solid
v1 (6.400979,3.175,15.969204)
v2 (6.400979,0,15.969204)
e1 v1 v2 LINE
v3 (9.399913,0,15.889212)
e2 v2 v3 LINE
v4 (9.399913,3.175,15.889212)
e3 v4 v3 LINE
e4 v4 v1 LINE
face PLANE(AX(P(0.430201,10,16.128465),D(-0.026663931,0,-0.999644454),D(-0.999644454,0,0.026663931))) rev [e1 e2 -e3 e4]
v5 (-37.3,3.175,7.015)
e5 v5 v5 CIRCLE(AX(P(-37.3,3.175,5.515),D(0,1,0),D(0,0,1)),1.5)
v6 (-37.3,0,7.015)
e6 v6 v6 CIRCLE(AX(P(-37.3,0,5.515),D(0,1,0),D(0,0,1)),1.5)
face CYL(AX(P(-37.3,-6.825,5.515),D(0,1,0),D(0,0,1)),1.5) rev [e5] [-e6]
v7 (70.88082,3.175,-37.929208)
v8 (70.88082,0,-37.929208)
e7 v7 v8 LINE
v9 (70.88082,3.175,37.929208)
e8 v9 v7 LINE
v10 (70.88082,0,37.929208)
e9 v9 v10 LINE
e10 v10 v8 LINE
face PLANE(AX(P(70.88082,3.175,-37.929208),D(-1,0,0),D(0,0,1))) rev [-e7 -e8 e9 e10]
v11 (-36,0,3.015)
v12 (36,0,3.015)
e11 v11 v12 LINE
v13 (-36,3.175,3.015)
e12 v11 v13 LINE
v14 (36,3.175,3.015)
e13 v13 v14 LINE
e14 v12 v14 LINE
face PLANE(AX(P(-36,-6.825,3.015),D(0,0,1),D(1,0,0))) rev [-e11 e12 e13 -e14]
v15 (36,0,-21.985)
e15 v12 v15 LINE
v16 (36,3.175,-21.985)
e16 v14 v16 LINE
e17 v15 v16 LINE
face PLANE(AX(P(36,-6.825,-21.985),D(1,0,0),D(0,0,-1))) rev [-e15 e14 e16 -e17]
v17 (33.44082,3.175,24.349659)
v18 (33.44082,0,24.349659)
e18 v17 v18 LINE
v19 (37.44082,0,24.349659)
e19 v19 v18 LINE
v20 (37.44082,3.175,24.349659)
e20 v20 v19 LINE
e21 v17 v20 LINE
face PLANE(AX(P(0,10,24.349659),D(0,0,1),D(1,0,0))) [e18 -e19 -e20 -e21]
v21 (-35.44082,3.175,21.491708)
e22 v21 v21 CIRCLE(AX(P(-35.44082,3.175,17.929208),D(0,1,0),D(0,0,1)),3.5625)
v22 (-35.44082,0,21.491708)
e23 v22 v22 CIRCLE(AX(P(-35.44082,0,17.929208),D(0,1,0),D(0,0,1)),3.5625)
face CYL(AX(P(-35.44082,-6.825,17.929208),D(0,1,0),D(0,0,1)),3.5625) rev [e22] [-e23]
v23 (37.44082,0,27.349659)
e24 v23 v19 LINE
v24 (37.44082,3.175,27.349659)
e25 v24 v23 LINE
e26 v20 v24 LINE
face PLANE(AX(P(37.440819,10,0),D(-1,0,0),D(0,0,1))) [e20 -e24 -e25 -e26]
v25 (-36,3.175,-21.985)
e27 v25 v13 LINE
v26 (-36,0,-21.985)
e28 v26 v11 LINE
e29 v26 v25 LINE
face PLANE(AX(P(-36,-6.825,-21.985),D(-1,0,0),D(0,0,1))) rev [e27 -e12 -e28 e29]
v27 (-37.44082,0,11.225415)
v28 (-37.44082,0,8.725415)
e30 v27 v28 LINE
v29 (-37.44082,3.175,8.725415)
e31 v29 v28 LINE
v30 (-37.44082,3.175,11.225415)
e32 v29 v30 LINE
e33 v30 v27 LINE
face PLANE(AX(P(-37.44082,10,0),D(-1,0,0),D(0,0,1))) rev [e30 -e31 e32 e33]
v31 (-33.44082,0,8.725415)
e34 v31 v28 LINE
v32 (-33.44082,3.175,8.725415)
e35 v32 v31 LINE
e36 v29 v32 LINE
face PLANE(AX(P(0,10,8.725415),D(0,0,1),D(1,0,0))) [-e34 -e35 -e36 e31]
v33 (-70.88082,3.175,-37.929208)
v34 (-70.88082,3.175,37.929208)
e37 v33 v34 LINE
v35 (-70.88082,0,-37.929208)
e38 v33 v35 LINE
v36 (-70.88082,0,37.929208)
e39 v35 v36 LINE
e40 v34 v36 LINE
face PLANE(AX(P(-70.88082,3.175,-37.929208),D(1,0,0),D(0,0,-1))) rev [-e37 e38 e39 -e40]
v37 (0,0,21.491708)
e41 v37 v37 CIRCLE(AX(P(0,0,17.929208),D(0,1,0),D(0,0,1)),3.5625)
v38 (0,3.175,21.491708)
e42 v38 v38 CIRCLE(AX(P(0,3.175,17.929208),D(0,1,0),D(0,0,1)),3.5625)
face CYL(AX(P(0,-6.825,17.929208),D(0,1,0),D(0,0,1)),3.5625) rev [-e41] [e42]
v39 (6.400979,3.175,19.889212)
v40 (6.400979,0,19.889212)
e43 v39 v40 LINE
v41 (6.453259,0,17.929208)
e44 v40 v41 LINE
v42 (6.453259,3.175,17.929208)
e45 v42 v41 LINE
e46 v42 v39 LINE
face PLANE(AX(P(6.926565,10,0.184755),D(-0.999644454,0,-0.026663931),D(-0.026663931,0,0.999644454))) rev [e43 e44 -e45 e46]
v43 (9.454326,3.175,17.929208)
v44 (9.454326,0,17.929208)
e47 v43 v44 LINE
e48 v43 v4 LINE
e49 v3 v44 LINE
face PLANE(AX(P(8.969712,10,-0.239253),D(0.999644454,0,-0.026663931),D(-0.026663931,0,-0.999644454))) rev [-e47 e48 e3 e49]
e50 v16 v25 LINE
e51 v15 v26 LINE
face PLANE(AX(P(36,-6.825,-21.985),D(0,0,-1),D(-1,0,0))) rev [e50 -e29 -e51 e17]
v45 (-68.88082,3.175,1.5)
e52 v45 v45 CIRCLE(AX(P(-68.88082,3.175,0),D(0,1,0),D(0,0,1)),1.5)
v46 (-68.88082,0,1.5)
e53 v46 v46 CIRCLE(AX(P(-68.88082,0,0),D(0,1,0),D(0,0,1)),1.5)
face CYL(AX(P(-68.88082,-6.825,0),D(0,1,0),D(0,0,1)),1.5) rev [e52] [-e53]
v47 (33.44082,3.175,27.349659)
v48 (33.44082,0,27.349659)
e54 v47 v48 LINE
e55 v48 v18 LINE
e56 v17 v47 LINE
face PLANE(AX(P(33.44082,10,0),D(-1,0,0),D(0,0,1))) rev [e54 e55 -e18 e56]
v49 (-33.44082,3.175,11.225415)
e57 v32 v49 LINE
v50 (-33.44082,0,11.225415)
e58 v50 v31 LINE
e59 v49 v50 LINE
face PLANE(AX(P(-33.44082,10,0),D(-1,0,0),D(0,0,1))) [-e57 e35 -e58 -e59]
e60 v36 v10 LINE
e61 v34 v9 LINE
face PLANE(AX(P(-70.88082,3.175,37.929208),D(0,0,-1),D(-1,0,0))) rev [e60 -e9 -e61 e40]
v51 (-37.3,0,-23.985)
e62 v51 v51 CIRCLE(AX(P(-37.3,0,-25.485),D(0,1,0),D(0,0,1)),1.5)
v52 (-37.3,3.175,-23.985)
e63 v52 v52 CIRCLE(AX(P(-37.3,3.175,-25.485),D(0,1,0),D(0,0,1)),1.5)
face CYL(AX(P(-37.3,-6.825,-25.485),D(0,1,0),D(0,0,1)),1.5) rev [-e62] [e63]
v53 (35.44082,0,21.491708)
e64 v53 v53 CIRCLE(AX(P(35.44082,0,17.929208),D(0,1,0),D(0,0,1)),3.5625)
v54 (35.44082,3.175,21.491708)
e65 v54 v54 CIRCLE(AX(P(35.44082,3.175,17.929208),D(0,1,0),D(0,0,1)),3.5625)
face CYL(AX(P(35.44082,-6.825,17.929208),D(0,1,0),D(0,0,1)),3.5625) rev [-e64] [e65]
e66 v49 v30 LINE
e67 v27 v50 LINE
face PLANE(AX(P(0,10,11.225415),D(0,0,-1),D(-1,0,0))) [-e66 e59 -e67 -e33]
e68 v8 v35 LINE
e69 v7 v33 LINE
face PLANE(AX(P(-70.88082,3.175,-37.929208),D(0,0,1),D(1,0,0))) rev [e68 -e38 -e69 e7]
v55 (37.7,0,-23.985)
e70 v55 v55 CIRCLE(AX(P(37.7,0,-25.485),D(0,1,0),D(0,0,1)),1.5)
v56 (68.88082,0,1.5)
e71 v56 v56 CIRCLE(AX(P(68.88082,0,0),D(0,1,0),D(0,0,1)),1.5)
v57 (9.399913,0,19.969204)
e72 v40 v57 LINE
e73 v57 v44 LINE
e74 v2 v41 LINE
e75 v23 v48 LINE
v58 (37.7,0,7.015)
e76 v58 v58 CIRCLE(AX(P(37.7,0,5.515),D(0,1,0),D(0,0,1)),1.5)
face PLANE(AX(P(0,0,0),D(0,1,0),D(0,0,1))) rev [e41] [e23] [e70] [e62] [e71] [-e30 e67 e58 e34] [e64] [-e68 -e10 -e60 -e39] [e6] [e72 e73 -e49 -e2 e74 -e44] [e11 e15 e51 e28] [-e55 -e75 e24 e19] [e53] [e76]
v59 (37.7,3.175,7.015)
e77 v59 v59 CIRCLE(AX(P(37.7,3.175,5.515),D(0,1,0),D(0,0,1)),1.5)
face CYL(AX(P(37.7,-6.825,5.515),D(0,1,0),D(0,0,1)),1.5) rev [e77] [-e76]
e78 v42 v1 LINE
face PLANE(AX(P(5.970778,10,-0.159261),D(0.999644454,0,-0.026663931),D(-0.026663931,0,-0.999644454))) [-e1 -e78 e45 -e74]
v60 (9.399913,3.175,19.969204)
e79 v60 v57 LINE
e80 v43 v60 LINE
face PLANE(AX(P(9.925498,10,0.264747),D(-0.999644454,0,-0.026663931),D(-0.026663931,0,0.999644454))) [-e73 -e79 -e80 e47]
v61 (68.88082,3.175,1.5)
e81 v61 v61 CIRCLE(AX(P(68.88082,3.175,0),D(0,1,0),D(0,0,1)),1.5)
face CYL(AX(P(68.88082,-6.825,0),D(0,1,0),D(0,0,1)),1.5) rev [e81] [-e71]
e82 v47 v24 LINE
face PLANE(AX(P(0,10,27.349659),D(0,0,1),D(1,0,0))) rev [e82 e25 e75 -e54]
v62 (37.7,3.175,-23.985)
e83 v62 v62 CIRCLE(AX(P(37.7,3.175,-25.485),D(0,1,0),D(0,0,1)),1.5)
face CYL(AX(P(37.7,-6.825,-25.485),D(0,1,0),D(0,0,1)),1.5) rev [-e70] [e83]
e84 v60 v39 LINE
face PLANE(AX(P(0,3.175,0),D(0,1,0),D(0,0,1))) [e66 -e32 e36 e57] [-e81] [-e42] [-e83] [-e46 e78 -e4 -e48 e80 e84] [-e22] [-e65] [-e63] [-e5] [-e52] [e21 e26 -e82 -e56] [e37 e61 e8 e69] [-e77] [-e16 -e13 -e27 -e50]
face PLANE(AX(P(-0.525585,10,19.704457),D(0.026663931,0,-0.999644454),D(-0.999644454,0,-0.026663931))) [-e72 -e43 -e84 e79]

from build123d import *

# Parameters (mm, degrees)
SKETCH1_W           = 141.761639
SKETCH1_H           = 75.858415486
BOSS_EXTRUDE1_DEPTH = 3.175
SKETCH2_R           = 3.5625
CUT_EXTRUDE1_DEPTH  = 10
SKETCH3_W           = 72
SKETCH3_H           = 25
CUT_EXTRUDE2_DEPTH  = 10
SKETCH4_R           = 1.5
CUT_EXTRUDE3_DEPTH  = 10
SKETCH5_R           = 1.5
CUT_EXTRUDE4_DEPTH  = 10
SKETCH7_W           = 4
SKETCH7_H           = 2.5
SKETCH7_H_2         = 3
CUT_EXTRUDE5_DEPTH  = 10


with BuildPart() as part:
    # Sketch1 → Boss-Extrude1 (new body)
    with BuildSketch(Plane(origin=(0, 0, 0), x_dir=(1, 0, 0), z_dir=(0, 1, 0))):
        Rectangle(SKETCH1_W, SKETCH1_H)
    extrude(amount=BOSS_EXTRUDE1_DEPTH)

    # Sketch2 → Cut-Extrude1 (cut)
    with BuildSketch(Plane(origin=(0, 3.175, 0), x_dir=(1, 0, 0), z_dir=(0, 1, 0))):
        with Locations(Location((-35.4408195, -17.929207743, 0), (0, 0, 270))):
            Circle(SKETCH2_R)
        with Locations(Location((0, -17.929207743, 0), (0, 0, 270))):
            Circle(SKETCH2_R)
        with Locations(Location((35.4408195, -17.929207743, 0), (0, 0, 270))):
            Circle(SKETCH2_R)
    extrude(amount=-CUT_EXTRUDE1_DEPTH, mode=Mode.SUBTRACT)

    # Sketch3 → Cut-Extrude2 (cut)
    with BuildSketch(Plane(origin=(0, 3.175, 0), x_dir=(1, 0, 0), z_dir=(0, 1, 0))):
        with Locations((0, 9.485)):
            Rectangle(SKETCH3_W, SKETCH3_H)
    extrude(amount=-CUT_EXTRUDE2_DEPTH, mode=Mode.SUBTRACT)

    # Sketch4 → Cut-Extrude3 (cut)
    with BuildSketch(Plane(origin=(0, 3.175, 0), x_dir=(1, 0, 0), z_dir=(0, 1, 0))):
        with Locations(Location((37.7, 25.485, 0), (0, 0, 270))):
            Circle(SKETCH4_R)
        with Locations(Location((37.7, -5.515, 0), (0, 0, 270))):
            Circle(SKETCH4_R)
        with Locations(Location((-37.3, -5.515, 0), (0, 0, 270))):
            Circle(SKETCH4_R)
        with Locations(Location((-37.3, 25.485, 0), (0, 0, 270))):
            Circle(SKETCH4_R)
    extrude(amount=-CUT_EXTRUDE3_DEPTH, mode=Mode.SUBTRACT)

    # Sketch5 → Cut-Extrude4 (cut)
    with BuildSketch(Plane(origin=(0, 3.175, 0), x_dir=(1, 0, 0), z_dir=(0, 1, 0))):
        with Locations(Location((68.8808195, 0, 0), (0, 0, 270))):
            Circle(SKETCH5_R)
        with Locations(Location((-68.8808195, 0, 0), (0, 0, 270))):
            Circle(SKETCH5_R)
    extrude(amount=-CUT_EXTRUDE4_DEPTH, mode=Mode.SUBTRACT)

    # Sketch7 → Cut-Extrude5 (cut)
    with BuildSketch(Plane.XZ):
        with Locations((-35.4408195, 9.975414813)):
            Rectangle(SKETCH7_W, SKETCH7_H)
        Polygon((9.399912783, 19.969203639), (6.40097942, 19.889211847), (6.453259422, 17.929207743), (6.40097942, 15.969203639), (9.399912783, 15.889211847), (9.454326439, 17.929207743), align=None)
        with Locations((35.4408195, 25.849658905)):
            Rectangle(SKETCH7_W, SKETCH7_H_2)
    extrude(amount=-CUT_EXTRUDE5_DEPTH, mode=Mode.SUBTRACT)


solid = part.part
